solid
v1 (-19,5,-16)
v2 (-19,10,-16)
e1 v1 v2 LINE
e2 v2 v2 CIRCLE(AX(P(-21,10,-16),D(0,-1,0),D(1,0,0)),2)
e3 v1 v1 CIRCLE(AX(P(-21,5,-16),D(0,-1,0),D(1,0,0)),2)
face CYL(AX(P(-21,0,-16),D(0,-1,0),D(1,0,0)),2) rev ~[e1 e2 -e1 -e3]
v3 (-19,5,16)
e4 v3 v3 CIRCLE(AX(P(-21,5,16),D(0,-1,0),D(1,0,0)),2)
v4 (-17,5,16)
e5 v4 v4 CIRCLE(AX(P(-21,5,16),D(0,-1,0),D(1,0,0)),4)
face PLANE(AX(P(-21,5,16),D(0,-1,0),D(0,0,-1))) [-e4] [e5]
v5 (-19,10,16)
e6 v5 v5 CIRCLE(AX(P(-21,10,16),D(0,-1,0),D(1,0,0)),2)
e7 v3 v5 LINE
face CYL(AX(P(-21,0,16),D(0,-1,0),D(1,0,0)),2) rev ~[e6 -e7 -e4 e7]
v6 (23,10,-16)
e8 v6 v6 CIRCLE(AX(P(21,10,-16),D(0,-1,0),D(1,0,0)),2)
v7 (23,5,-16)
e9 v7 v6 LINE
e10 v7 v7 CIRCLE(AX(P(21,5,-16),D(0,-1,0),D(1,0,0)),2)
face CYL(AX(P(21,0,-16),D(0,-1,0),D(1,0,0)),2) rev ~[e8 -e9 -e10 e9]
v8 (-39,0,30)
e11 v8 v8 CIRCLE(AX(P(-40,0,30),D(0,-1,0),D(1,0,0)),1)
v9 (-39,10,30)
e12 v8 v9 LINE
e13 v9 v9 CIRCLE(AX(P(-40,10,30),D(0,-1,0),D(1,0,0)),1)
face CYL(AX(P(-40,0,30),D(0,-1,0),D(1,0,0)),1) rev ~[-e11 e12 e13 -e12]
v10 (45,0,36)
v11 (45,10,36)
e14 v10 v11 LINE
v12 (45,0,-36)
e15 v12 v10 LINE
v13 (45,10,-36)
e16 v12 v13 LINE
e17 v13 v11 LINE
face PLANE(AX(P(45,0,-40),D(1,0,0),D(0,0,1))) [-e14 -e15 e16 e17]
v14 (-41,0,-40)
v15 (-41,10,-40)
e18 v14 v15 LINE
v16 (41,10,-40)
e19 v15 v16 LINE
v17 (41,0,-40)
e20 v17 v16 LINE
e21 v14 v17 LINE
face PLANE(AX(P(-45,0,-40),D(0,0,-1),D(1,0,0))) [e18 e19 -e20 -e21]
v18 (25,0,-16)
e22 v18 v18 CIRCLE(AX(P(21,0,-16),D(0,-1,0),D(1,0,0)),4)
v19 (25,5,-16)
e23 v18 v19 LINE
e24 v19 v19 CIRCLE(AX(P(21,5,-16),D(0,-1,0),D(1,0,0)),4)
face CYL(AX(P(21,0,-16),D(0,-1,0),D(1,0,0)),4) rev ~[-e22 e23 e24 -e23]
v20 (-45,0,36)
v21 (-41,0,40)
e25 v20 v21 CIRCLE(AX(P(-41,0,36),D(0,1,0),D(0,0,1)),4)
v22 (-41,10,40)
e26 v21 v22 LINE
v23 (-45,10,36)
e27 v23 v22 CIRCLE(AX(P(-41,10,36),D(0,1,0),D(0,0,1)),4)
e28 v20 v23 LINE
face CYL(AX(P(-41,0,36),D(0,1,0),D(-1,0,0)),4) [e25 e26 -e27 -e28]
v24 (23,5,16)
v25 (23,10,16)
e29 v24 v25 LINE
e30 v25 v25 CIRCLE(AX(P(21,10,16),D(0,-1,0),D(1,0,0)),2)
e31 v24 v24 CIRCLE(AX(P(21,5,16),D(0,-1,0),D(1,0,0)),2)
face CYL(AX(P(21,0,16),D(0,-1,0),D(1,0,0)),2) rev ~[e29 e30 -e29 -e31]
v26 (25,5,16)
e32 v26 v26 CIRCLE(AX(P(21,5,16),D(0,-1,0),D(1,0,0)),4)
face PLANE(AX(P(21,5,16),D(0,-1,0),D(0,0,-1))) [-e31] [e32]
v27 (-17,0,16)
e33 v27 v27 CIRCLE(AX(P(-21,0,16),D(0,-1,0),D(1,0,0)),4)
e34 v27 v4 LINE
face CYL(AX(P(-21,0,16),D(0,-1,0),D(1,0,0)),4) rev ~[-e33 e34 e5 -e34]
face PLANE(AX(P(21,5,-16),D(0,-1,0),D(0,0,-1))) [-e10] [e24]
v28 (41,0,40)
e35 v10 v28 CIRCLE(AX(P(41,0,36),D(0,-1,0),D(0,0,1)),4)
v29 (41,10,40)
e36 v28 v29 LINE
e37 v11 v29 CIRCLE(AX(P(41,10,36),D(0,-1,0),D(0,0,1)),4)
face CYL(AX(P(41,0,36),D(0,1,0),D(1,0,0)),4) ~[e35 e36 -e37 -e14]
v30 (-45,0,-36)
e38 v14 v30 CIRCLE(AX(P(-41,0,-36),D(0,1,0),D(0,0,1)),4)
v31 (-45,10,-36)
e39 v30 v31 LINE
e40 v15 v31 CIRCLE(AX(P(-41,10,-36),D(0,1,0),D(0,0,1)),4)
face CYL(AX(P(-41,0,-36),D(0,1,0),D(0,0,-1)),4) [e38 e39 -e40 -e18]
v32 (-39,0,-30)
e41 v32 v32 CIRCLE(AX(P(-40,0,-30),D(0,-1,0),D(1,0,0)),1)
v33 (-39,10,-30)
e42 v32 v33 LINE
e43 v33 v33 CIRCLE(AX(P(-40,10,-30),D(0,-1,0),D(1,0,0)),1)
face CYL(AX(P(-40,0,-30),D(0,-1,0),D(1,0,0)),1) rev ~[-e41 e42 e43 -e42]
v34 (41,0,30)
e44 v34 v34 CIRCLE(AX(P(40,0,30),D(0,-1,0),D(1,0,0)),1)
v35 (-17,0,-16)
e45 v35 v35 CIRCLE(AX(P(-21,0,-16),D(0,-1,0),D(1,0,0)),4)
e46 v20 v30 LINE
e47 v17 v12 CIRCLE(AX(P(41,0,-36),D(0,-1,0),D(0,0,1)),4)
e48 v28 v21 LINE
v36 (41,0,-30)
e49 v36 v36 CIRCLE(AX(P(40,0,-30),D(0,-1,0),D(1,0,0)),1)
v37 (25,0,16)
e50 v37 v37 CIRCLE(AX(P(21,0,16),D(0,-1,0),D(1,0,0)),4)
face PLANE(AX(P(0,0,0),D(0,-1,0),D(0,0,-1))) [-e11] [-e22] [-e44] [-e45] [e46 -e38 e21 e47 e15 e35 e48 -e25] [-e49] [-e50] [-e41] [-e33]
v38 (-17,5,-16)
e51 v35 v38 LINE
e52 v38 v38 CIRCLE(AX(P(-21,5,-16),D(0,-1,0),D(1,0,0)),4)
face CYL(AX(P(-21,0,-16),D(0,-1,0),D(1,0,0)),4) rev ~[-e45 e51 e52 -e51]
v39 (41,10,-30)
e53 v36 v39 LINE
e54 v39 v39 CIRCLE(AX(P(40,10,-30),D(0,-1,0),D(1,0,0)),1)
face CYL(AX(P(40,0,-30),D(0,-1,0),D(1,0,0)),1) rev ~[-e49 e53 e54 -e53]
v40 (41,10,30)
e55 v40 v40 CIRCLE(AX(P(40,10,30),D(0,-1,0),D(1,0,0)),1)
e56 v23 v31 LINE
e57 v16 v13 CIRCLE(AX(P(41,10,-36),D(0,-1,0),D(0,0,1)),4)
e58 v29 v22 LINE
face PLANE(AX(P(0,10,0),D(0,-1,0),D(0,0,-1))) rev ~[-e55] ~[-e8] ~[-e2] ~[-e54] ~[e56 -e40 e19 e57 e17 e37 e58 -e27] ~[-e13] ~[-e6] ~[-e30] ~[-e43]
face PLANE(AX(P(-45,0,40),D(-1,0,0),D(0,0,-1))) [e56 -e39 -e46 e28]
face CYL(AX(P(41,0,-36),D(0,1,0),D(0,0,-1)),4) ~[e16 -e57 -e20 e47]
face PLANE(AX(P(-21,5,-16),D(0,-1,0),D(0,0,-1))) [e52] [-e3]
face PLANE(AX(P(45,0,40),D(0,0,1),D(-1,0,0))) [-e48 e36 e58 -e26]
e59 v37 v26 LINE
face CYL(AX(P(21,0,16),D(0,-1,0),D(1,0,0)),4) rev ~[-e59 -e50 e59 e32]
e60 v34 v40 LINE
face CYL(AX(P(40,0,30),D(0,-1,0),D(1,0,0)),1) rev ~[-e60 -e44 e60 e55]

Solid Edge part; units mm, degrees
sketch "Sketch1" plane through (0, 0, 0) normal (0, -1, 0) x (1, 0, 0)
  line L0 (-45, -40) -> (45, -40)
  line L1 (45, -40) -> (45, 40)
  line L2 (45, 40) -> (-45, 40)
  line L3 (-45, 40) -> (-45, -40)
  dimension "D1" = 90
  dimension "D2" = 80
extrude "Protrusion1" add sketch "Sketch1" against normal blind 10
sketch "Sketch2" plane through (0, 0, 0) normal (0, -1, 0) x (1, 0, 0)
  circle A0 centre (-40, 30) radius 1
  circle A1 centre (-40, -30) radius 1
  circle A2 centre (40, -30) radius 1
  circle A3 centre (40, 30) radius 1
  dimension "D1" = 2
  dimension "D2" = 60
  dimension "D3" = 80
extrude "Cutout1" cut sketch "Sketch2" against normal through all
sketch "Sketch3" plane through (0, 0, 0) normal (0, -1, 0) x (1, 0, 0)
  circle A0 centre (-21, 16) radius 4
  circle A1 centre (-21, -16) radius 4
  circle A2 centre (21, -16) radius 4
  circle A3 centre (21, 16) radius 4
extrude "Extrusionsausschnitt_2" cut sketch "Sketch3" against normal blind 5
sketch "Sketch4" plane through (0, 0, 0) normal (0, -1, 0) x (1, 0, 0)
  circle A0 centre (-21, 16) radius 2
  circle A1 centre (-21, -16) radius 2
  circle A2 centre (21, -16) radius 2
  circle A3 centre (21, 16) radius 2
  dimension "D1" = 4
extrude "Cutout2" cut sketch "Sketch4" against normal through all
fillet "Verrundung_1" radius 4 4 edges at (-45, 5, 40) (45, 5, 40) (45, 5, -40) (-45, 5, -40)
properties material "Nylon, allgemein"
